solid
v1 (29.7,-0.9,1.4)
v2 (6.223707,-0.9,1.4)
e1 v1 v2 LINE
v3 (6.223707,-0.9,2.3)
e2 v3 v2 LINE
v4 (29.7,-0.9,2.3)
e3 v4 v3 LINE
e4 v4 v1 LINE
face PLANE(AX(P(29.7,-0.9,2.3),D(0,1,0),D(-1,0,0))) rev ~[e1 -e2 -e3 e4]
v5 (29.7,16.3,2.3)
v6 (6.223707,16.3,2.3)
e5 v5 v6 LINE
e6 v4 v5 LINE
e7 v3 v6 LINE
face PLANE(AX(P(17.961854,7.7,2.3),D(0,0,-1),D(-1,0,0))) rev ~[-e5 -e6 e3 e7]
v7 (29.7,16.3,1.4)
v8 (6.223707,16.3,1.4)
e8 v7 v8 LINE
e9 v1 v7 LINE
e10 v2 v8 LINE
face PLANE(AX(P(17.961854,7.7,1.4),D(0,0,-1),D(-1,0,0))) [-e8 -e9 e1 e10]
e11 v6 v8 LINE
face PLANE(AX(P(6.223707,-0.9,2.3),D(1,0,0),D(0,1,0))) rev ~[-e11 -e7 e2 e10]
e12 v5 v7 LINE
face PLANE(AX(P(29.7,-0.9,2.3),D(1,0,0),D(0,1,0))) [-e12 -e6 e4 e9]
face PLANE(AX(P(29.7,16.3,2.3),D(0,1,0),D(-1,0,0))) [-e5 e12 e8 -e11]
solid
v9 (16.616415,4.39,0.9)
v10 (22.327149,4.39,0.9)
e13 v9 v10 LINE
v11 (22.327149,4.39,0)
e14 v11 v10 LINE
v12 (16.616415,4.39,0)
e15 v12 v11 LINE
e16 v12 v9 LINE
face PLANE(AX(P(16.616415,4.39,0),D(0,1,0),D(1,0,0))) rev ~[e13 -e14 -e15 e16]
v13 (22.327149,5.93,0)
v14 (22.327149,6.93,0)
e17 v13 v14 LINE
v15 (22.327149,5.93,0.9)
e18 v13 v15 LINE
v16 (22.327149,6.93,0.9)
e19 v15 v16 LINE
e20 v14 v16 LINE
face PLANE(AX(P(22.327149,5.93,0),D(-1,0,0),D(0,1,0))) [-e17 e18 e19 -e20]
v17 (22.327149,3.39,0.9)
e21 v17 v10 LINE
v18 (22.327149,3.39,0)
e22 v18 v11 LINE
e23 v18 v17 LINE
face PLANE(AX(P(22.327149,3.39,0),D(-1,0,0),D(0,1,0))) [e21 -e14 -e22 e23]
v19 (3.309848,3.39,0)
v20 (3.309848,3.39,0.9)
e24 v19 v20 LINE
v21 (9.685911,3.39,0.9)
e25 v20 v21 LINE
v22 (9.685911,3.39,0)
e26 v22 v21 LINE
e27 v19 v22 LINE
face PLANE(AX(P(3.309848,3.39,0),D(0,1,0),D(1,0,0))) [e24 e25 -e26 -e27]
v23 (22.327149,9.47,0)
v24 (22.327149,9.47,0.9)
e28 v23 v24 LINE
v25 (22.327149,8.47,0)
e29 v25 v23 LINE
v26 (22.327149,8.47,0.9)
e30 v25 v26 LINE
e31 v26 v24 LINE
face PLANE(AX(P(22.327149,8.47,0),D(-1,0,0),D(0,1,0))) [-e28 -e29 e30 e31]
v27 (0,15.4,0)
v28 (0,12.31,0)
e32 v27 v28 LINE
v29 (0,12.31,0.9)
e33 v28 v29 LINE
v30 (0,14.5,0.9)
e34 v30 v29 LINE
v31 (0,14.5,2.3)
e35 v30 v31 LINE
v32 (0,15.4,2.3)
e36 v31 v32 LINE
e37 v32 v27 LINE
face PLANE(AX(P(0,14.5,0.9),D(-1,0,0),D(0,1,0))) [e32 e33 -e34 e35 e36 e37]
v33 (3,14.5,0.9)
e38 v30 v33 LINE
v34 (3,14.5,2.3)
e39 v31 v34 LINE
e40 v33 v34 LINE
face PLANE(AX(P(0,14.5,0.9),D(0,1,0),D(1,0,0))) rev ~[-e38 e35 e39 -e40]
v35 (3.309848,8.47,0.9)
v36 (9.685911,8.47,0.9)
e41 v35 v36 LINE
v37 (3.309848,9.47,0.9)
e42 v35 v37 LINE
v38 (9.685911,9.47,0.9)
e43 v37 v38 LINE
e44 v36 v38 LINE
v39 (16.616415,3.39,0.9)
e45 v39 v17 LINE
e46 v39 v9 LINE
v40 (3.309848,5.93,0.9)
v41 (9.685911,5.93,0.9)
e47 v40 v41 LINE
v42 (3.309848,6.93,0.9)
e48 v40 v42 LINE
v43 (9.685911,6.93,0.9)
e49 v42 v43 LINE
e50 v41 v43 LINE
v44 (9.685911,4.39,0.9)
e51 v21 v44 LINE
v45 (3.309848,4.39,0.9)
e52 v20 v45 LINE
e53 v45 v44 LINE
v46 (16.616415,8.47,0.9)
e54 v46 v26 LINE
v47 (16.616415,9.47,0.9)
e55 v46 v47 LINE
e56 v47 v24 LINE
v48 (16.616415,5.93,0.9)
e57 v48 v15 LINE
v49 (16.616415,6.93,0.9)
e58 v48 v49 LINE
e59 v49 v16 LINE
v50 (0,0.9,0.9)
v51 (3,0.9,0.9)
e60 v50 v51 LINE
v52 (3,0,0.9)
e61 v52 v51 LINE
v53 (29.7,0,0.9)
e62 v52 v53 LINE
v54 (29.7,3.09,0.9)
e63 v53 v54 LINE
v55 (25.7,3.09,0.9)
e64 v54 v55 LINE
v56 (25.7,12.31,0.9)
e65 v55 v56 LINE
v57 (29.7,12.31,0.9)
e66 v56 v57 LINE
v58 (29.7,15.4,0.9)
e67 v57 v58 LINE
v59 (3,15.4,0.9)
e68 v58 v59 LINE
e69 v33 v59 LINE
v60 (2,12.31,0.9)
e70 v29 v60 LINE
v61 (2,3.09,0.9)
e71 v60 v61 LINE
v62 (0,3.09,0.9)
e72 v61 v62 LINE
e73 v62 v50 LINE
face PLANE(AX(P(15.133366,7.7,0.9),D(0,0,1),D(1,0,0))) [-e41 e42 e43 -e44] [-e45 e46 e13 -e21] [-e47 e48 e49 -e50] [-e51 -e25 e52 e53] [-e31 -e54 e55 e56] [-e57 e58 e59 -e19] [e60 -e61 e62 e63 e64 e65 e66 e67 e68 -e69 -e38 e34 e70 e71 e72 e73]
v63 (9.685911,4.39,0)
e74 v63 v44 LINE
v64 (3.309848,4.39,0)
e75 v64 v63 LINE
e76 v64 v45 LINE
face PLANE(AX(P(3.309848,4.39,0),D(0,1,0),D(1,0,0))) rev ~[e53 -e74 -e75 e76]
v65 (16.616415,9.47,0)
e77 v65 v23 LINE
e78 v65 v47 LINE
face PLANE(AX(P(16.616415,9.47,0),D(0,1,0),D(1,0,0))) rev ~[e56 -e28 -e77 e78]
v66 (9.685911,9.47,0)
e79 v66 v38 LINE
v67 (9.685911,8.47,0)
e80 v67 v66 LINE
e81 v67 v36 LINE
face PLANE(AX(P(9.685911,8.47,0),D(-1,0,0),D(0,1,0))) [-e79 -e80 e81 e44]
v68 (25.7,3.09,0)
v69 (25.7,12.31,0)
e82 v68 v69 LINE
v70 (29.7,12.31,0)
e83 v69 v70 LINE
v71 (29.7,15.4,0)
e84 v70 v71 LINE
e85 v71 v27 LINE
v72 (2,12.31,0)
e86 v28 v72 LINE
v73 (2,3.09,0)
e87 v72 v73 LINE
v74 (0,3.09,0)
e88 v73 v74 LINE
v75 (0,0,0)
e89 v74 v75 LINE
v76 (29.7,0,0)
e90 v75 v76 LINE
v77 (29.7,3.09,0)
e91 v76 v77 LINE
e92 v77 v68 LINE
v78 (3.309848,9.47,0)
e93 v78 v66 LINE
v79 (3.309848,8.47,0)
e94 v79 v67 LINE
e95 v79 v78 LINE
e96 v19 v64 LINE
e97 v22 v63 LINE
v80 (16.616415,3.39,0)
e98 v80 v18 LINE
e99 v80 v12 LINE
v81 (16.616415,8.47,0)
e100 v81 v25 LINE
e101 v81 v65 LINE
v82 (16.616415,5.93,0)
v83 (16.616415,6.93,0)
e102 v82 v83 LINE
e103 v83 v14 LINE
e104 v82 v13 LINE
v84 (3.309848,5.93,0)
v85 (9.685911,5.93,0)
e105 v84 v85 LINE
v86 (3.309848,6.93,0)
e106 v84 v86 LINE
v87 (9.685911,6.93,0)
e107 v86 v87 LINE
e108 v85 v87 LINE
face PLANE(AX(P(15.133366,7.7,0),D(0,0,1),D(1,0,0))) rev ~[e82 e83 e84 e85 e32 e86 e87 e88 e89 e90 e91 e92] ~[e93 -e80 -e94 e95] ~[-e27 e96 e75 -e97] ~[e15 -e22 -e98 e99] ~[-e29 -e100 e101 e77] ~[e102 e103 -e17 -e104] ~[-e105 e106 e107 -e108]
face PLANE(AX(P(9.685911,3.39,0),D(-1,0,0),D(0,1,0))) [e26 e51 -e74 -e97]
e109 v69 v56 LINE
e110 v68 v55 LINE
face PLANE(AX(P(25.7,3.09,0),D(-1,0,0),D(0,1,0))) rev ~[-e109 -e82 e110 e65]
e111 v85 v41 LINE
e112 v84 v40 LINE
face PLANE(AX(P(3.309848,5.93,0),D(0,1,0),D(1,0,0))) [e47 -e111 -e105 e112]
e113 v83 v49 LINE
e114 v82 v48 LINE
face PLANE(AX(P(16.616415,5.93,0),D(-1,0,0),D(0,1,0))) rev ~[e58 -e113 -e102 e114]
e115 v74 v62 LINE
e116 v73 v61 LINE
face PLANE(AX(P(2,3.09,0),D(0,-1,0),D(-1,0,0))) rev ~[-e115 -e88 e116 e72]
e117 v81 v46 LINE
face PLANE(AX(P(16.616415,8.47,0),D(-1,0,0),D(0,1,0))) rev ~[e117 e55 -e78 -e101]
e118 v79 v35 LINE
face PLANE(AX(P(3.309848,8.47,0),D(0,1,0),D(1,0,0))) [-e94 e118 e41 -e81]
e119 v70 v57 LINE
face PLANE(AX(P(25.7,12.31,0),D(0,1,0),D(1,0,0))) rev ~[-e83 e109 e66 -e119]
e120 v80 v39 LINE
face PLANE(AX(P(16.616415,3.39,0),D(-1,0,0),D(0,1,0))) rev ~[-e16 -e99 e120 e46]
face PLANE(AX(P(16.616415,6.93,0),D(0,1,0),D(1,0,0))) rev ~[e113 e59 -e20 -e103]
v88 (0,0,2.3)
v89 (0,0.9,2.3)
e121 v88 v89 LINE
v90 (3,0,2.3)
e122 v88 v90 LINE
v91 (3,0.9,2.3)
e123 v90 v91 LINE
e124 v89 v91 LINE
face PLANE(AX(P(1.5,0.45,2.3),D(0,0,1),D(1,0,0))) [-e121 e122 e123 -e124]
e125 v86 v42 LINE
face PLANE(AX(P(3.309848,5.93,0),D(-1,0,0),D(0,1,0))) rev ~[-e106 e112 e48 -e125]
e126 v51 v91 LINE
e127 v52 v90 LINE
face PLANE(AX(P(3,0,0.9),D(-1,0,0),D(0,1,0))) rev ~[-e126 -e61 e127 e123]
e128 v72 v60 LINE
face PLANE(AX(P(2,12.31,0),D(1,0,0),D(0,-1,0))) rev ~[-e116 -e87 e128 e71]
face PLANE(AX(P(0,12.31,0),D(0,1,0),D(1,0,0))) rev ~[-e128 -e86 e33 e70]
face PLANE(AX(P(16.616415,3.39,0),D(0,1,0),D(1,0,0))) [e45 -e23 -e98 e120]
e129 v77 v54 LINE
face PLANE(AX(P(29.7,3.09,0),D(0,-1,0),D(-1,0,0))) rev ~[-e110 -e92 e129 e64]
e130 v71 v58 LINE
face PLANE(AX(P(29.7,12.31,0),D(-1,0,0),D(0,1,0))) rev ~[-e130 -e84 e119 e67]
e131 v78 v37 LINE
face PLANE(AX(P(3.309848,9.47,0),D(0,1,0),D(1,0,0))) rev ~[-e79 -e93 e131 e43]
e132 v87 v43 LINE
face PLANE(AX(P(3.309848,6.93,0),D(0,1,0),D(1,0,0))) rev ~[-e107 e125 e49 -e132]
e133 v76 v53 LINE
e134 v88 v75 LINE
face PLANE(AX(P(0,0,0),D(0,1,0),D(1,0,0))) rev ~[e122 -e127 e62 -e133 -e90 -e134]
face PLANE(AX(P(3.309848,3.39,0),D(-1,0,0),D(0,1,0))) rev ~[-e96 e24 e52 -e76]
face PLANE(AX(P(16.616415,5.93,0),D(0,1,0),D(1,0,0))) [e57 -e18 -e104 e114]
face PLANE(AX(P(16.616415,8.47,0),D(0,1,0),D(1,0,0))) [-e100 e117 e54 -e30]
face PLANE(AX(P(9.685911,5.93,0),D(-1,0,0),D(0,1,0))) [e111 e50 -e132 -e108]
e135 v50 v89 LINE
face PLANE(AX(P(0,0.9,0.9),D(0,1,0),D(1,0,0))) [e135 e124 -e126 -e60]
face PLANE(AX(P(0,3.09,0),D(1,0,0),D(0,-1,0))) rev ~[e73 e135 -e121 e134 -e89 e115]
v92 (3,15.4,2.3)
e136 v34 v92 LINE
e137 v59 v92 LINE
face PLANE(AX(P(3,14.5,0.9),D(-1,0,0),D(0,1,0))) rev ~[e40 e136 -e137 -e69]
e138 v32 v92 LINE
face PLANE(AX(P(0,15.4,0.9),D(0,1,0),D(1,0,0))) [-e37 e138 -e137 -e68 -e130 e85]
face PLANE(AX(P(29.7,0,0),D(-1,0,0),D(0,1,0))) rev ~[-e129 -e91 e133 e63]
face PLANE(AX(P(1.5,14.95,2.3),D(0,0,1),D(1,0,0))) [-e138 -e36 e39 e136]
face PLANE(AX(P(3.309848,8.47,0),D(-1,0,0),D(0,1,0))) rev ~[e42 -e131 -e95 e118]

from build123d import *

# Parameters (mm, degrees)
SKETCH1_W           = 6.376063003
SKETCH1_H           = 1
SKETCH1_W_2         = 5.71073469
BOSS_EXTRUDE1_DEPTH = 0.9
SKETCH4_W           = 3
SKETCH4_H           = 0.9
BOSS_EXTRUDE3_DEPTH = 1.399999972
SKETCH5_W           = 23.476292827
SKETCH5_H           = 17.2
BOSS_EXTRUDE4_DEPTH = 0.9


with BuildPart() as part:
    # Sketch1 → Boss-Extrude1 (new body)
    with BuildSketch(Plane.XY):
        Polygon((29.7, 12.31), (29.7, 15.4), (0, 15.4), (0, 12.31), (2, 12.31), (2, 3.09), (0, 3.09), (0, 0), (29.7, 0), (29.7, 3.09), (25.7, 3.09), (25.7, 12.31), align=None)
        with Locations((6.497879886, 3.89)):
            Rectangle(SKETCH1_W, SKETCH1_H, mode=Mode.SUBTRACT)
        with Locations((19.471781996, 3.89)):
            Rectangle(SKETCH1_W_2, SKETCH1_H, mode=Mode.SUBTRACT)
        with Locations((6.497879886, 6.43)):
            Rectangle(SKETCH1_W, SKETCH1_H, mode=Mode.SUBTRACT)
        with Locations((19.471781996, 6.43)):
            Rectangle(SKETCH1_W_2, SKETCH1_H, mode=Mode.SUBTRACT)
        with Locations((6.497879886, 8.97)):
            Rectangle(SKETCH1_W, SKETCH1_H, mode=Mode.SUBTRACT)
        with Locations((19.471781996, 8.97)):
            Rectangle(SKETCH1_W_2, SKETCH1_H, mode=Mode.SUBTRACT)
    extrude(amount=BOSS_EXTRUDE1_DEPTH)

    # Sketch4 → Boss-Extrude3 (add)
    with BuildSketch(Plane.XY.offset(0.9)):
        with Locations((1.5, 14.95)):
            Rectangle(SKETCH4_W, SKETCH4_H)
        with Locations((1.5, 0.45)):
            Rectangle(SKETCH4_W, SKETCH4_H)
    extrude(amount=BOSS_EXTRUDE3_DEPTH)


with BuildPart() as body_2:
    # Sketch5 → Boss-Extrude4 (new body)
    with BuildSketch(Plane(origin=(0, 0, 2.299999972), x_dir=(-1, 0, 0), z_dir=(0, 0, -1))):
        with Locations((-17.961853587, 7.7)):
            Rectangle(SKETCH5_W, SKETCH5_H)
    extrude(amount=BOSS_EXTRUDE4_DEPTH)


solid = Compound([part.part, body_2.part])
